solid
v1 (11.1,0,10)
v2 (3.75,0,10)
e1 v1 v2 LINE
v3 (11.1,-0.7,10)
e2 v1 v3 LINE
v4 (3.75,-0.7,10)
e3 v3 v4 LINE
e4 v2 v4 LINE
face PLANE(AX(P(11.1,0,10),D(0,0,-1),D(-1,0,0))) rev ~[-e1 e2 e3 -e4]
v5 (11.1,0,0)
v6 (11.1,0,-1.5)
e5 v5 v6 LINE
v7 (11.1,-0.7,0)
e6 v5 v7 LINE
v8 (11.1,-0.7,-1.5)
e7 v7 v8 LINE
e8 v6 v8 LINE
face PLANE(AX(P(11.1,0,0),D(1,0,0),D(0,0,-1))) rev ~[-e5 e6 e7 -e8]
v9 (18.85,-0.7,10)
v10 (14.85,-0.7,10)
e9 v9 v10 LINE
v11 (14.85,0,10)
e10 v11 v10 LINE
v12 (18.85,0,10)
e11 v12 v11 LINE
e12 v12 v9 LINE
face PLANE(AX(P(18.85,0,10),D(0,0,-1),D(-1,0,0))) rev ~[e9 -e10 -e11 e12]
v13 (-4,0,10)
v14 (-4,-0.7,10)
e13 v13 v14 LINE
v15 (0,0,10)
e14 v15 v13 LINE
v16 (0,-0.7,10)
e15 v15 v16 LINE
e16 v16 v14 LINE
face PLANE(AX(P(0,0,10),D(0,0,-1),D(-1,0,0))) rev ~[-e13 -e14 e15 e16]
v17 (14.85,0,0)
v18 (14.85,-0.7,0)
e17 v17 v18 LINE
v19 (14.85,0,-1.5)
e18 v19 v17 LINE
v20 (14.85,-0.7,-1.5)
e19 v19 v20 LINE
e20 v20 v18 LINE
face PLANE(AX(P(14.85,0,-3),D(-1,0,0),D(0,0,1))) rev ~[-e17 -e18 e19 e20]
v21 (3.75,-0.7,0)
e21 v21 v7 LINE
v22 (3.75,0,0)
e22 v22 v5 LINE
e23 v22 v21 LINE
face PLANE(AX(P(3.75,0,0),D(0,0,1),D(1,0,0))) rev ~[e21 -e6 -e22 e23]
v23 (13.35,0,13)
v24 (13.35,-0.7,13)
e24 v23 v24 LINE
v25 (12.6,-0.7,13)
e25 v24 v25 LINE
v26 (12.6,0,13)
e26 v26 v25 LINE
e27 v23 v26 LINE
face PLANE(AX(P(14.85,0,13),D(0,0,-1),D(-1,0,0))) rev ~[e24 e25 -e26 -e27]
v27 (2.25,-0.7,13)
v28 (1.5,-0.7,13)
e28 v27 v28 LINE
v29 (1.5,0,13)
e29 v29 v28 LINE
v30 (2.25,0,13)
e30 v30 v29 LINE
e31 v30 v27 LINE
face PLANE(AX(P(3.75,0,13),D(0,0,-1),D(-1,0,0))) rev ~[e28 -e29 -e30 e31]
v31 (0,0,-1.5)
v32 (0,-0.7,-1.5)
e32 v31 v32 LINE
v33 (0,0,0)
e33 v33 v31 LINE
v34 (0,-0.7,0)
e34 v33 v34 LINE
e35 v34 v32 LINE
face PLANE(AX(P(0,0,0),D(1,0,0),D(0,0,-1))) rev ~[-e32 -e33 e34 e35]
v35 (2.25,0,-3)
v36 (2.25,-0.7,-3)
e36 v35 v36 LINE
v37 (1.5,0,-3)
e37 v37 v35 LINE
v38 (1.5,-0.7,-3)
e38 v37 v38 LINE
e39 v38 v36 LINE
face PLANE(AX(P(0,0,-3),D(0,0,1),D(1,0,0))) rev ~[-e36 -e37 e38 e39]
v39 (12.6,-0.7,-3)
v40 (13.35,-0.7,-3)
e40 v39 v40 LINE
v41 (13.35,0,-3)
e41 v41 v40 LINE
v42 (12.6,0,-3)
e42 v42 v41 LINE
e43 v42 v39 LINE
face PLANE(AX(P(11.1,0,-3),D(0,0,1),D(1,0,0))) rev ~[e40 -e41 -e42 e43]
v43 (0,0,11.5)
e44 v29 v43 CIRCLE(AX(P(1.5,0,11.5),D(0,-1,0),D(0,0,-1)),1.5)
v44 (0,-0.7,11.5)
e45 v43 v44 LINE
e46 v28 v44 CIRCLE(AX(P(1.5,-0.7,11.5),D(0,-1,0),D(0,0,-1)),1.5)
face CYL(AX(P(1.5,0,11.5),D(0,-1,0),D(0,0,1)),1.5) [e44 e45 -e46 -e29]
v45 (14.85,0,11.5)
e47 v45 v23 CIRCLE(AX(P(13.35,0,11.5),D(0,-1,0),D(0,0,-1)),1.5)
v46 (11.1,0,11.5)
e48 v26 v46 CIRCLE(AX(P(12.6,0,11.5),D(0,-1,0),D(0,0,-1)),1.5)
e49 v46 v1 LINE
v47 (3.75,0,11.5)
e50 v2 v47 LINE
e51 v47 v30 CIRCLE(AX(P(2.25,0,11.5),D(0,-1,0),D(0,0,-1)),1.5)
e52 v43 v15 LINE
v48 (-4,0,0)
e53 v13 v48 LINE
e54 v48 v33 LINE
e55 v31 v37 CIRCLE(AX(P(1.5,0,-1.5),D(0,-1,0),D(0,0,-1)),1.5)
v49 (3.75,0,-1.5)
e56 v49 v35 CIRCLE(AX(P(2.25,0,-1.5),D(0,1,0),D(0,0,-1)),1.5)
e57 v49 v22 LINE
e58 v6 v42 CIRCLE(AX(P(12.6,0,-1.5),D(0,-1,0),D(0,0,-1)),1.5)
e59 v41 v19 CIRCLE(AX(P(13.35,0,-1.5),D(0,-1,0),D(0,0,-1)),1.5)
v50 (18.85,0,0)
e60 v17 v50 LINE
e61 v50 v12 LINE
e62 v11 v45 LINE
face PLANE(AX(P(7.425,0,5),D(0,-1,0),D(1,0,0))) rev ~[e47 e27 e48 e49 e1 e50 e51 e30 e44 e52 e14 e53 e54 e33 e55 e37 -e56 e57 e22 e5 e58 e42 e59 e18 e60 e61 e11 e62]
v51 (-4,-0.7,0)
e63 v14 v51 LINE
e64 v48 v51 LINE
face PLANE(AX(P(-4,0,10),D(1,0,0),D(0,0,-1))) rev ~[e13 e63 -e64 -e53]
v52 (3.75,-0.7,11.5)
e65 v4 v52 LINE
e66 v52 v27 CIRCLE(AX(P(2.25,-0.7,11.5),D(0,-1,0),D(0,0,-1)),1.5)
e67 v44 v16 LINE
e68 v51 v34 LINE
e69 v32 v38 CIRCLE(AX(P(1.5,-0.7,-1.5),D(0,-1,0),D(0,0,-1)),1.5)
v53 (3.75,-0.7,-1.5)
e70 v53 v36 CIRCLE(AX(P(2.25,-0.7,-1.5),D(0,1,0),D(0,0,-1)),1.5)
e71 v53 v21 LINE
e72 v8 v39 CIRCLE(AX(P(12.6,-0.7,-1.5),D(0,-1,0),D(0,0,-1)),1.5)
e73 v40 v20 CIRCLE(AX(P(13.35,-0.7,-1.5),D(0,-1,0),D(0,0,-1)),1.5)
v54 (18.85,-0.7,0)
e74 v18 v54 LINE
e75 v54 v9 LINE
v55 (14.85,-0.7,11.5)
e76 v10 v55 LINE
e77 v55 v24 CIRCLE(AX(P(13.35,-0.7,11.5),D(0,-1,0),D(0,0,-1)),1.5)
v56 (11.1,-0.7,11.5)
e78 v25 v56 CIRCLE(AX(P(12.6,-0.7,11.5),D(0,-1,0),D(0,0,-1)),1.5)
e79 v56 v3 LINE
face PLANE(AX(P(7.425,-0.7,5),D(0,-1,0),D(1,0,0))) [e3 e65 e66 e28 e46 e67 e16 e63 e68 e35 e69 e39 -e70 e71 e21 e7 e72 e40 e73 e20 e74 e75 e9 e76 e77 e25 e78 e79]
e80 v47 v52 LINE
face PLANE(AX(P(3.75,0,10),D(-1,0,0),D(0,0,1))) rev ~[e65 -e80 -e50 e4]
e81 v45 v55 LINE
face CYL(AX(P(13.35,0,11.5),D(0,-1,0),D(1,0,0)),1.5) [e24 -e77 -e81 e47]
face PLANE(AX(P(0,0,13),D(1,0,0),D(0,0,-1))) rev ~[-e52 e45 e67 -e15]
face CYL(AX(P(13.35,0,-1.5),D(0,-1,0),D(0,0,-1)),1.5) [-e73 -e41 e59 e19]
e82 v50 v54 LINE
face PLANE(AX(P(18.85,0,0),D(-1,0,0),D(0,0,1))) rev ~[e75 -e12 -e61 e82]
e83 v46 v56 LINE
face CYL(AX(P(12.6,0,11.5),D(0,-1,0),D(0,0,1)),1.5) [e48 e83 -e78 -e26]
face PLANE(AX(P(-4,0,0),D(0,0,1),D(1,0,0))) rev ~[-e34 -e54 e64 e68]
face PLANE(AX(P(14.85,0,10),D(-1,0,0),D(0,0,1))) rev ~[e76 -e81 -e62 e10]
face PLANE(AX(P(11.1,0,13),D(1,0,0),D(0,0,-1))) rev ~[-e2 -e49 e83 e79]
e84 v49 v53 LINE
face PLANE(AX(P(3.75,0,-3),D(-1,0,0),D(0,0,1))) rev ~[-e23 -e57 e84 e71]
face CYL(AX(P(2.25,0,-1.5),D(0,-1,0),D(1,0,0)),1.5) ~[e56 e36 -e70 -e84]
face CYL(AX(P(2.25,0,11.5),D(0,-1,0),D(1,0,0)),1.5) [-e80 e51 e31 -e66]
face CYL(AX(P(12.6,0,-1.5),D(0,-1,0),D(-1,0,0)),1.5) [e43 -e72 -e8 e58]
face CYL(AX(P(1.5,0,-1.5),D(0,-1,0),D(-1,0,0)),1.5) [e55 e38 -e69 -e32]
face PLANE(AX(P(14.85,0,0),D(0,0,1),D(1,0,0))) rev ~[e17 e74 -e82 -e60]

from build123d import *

# Parameters (mm, degrees)
F1_DEPTH = 0.7
F2_R     = 1.5


with BuildPart() as f1:
    # F0 (on Front) → F1 (new body)
    with BuildSketch(Plane.XZ):
        Polygon((3.75, -3), (3.75, 0), (11.1, 0), (11.1, -3), (14.85, -3), (14.85, 0), (18.85, 0), (18.85, 10), (14.85, 10), (14.85, 13), (11.1, 13), (11.1, 10), (3.75, 10), (3.75, 13), (0, 13), (0, 10), (-4, 10), (-4, 0), (0, 0), (0, -3), align=None)
    extrude(amount=F1_DEPTH)

    # F2
    f2_edges = [f1.edges().sort_by_distance(p)[0] for p in [
        (0, -0.35, 13),
        (3.75, -0.35, 13),
        (11.1, -0.35, 13),
        (14.85, -0.35, 13),
        (0, -0.35, -3),
        (3.75, -0.35, -3),
        (11.1, -0.35, -3),
        (14.85, -0.35, -3),
    ]]
    fillet(f2_edges, radius=F2_R)


solid = f1.part
